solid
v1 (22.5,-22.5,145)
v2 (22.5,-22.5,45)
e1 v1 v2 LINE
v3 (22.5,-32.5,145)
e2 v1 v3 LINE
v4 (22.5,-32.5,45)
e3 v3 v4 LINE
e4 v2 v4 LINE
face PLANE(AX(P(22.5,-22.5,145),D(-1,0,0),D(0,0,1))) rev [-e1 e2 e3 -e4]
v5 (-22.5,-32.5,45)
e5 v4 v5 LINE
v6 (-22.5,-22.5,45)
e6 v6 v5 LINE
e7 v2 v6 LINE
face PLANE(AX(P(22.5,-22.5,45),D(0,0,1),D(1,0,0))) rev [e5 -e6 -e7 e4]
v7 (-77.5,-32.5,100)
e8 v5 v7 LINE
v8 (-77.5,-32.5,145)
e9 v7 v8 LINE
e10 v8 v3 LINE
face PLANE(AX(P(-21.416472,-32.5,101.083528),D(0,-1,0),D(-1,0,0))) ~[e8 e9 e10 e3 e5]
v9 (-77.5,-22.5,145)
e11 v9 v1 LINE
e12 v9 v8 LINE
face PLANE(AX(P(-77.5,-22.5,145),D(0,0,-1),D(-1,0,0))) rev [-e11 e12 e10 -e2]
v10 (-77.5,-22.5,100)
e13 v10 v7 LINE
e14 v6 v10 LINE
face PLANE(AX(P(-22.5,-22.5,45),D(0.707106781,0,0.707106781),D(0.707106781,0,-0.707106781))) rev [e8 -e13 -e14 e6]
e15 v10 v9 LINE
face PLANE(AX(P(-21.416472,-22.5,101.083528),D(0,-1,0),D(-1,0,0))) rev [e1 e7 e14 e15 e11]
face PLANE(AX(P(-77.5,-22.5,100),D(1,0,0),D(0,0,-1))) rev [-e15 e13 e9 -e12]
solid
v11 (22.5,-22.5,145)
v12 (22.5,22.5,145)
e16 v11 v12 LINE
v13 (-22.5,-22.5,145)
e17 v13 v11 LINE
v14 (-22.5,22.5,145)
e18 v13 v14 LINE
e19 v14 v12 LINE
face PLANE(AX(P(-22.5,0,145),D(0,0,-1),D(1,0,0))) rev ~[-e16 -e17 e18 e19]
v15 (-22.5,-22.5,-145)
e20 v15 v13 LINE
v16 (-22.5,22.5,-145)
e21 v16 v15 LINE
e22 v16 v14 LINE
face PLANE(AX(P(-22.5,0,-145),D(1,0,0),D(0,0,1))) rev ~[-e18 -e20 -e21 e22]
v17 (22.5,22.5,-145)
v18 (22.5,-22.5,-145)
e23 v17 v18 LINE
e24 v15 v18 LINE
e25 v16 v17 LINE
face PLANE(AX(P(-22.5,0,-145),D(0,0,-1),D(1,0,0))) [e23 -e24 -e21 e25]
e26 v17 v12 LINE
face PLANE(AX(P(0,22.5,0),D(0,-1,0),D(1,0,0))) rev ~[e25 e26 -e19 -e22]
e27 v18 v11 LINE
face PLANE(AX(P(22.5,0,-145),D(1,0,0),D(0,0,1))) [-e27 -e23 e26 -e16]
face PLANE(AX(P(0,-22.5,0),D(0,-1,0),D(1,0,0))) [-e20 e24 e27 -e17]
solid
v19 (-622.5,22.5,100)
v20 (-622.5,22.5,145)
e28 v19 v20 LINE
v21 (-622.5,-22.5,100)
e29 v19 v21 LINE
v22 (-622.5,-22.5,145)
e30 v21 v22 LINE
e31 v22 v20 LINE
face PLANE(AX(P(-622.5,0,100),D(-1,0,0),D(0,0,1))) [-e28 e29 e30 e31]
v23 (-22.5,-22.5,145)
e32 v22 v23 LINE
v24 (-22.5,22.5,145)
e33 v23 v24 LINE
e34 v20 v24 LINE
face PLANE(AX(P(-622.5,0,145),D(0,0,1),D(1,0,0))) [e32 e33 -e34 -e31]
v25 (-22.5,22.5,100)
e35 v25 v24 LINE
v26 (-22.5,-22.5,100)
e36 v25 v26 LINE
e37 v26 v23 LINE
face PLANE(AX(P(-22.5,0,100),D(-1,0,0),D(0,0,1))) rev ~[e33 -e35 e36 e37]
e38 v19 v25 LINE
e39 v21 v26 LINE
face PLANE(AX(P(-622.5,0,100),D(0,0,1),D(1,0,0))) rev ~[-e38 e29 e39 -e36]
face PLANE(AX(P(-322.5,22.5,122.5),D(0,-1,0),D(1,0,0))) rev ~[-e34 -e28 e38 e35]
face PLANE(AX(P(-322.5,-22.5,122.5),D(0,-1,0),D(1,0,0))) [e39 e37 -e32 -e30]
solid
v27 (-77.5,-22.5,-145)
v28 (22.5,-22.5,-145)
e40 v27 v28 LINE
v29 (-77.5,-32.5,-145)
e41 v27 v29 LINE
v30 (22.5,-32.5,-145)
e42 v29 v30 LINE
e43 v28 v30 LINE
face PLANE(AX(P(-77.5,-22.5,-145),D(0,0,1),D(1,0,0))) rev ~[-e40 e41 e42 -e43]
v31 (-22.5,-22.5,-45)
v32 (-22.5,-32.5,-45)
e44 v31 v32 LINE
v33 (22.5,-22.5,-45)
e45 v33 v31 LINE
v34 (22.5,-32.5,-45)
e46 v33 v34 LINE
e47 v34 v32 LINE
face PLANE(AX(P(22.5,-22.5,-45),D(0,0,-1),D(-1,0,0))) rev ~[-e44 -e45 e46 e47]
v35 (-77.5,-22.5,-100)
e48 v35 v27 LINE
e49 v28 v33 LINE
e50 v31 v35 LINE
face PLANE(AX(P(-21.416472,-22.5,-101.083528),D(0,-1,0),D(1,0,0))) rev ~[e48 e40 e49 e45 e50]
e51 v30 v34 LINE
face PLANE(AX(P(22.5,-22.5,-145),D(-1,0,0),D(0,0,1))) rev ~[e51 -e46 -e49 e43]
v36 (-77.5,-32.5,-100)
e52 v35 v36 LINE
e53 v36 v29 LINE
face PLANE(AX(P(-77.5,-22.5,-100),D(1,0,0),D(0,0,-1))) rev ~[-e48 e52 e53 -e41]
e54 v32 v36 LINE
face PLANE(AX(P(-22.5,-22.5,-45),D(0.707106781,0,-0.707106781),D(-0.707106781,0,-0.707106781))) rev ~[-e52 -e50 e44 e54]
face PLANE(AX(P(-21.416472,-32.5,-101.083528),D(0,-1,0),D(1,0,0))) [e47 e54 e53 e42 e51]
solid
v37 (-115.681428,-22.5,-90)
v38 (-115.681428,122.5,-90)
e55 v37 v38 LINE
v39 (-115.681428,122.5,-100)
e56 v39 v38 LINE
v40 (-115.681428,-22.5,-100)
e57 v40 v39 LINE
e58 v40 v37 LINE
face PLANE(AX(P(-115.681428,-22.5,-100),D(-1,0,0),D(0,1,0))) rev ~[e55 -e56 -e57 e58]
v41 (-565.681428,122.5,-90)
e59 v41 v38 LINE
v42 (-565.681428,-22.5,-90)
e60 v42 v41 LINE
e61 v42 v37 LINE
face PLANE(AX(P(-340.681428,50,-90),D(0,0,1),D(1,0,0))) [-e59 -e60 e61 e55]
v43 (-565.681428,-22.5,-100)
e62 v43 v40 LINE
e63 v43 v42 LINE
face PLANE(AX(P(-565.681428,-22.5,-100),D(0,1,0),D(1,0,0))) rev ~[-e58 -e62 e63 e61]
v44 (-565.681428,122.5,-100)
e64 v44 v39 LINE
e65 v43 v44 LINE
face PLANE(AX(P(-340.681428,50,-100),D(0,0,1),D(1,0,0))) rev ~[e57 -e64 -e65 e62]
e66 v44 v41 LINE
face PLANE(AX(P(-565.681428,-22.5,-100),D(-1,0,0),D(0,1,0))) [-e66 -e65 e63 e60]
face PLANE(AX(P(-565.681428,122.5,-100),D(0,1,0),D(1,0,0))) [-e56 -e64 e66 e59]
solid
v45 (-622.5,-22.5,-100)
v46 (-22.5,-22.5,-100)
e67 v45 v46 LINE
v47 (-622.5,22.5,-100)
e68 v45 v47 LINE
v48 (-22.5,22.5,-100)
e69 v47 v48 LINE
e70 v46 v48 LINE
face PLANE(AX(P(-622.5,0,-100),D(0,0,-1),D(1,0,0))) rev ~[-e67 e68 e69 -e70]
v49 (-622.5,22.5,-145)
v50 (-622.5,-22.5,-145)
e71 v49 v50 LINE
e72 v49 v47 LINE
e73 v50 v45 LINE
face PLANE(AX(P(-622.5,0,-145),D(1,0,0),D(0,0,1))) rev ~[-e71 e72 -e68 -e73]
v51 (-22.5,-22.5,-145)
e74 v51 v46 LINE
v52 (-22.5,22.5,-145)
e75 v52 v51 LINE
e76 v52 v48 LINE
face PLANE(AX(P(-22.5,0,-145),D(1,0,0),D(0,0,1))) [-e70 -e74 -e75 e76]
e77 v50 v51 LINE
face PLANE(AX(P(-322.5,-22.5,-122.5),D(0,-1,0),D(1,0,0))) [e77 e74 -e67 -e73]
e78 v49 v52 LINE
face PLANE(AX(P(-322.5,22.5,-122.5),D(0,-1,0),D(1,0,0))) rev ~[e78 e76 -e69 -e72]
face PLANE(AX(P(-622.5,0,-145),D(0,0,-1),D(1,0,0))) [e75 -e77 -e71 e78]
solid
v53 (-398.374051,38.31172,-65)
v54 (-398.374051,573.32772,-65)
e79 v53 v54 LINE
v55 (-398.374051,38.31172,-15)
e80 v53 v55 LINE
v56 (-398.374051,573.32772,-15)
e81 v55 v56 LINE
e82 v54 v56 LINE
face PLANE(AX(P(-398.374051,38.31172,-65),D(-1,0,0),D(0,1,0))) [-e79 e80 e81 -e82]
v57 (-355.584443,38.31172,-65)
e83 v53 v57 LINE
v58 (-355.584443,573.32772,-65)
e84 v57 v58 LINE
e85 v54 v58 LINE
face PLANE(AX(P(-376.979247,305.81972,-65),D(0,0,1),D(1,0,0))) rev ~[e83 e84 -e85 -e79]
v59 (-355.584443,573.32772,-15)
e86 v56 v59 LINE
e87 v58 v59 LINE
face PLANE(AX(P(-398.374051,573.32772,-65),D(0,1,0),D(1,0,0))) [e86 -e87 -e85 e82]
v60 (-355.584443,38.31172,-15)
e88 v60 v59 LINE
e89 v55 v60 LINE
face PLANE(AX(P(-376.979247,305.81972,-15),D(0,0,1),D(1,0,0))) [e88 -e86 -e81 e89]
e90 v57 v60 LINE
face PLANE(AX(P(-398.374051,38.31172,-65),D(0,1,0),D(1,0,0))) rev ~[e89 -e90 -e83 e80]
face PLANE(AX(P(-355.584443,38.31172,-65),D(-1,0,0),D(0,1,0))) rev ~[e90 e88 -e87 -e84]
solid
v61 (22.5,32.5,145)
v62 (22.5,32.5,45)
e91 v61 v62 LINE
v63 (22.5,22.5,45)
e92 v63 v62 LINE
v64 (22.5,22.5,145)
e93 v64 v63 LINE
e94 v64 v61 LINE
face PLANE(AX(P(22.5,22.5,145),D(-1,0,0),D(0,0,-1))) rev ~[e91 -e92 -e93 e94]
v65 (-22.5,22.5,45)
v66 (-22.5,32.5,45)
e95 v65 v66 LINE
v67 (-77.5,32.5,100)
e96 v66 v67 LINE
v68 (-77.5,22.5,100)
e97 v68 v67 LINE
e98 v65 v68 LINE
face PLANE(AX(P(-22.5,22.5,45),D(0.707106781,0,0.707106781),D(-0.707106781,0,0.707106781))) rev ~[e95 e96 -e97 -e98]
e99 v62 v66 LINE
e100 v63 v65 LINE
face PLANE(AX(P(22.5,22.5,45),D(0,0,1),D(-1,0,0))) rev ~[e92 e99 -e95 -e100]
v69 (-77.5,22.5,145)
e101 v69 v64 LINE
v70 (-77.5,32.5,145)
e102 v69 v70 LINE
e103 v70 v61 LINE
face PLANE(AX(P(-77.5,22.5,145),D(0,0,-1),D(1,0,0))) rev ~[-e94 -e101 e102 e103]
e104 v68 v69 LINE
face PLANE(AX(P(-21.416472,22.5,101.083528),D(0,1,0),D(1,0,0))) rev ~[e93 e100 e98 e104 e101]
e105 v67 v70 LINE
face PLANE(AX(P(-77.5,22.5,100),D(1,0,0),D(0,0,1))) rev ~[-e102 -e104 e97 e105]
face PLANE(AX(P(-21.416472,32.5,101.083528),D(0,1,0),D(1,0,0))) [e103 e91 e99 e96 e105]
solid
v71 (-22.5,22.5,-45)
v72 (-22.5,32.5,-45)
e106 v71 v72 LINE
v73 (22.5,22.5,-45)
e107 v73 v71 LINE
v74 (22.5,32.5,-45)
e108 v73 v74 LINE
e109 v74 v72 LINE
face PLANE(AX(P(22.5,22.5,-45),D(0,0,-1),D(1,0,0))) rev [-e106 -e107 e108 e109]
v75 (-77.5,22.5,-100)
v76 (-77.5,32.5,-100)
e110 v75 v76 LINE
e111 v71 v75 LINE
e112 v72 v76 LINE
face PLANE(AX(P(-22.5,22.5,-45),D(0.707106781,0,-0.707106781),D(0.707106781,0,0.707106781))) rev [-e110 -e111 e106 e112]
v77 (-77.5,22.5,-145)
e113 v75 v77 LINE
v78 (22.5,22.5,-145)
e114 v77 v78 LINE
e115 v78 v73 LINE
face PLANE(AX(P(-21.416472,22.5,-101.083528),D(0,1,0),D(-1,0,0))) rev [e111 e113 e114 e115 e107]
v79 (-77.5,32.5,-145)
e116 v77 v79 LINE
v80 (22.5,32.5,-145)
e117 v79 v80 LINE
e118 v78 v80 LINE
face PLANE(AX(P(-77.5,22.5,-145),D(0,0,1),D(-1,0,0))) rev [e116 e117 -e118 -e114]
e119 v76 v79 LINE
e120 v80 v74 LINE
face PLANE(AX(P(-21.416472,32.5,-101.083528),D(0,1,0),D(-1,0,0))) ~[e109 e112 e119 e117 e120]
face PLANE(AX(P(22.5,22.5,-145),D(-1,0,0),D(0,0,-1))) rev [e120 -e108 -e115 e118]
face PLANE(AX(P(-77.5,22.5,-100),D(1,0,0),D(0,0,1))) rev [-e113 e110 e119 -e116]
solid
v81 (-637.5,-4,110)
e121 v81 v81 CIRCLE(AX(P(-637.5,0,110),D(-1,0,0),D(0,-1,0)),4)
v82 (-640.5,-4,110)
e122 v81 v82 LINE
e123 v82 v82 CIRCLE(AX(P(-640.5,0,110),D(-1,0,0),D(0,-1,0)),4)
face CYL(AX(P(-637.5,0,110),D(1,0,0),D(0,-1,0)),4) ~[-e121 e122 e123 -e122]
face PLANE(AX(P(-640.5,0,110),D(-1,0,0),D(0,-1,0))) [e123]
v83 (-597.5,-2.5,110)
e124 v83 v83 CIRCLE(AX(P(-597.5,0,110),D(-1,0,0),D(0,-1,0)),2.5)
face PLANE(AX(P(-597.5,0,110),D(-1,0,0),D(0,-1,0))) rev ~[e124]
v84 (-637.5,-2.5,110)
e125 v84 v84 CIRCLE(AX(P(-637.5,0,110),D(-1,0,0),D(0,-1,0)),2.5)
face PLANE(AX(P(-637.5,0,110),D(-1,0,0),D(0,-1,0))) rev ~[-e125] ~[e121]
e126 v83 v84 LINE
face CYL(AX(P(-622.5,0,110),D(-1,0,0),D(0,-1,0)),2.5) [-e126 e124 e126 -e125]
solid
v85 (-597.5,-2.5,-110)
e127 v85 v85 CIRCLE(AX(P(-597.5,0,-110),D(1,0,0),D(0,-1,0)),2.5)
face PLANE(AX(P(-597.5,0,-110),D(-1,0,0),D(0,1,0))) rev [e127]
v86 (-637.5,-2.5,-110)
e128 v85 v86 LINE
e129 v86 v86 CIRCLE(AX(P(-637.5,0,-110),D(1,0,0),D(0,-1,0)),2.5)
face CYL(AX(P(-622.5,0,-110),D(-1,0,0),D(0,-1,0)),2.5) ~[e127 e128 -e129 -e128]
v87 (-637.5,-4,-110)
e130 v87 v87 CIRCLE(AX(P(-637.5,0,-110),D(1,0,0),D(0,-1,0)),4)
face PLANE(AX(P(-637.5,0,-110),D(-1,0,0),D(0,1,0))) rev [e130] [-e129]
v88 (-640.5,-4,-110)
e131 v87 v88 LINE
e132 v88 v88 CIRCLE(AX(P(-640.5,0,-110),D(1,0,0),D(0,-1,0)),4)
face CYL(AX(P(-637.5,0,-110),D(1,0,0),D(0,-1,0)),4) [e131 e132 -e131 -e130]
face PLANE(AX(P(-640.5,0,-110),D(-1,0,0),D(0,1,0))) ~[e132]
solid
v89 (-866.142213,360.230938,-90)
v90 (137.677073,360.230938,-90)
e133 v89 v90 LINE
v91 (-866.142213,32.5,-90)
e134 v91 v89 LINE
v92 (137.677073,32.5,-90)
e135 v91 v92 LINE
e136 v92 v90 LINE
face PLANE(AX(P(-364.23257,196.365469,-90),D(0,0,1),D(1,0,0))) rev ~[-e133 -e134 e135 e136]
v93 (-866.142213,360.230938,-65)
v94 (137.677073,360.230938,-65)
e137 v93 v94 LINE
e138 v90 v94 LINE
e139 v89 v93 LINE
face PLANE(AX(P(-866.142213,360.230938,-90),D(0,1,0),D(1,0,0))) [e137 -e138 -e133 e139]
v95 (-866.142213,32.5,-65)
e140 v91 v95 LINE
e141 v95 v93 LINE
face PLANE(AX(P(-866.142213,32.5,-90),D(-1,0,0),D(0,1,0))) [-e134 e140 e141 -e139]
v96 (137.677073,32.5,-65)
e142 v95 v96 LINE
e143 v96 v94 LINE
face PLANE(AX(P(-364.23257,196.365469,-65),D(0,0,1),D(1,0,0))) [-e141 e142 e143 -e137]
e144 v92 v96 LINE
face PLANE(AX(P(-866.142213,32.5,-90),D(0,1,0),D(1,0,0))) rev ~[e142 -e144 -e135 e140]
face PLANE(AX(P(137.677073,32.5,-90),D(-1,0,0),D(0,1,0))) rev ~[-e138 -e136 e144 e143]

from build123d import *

# Parameters (mm, degrees)
F0_W          = 45
F0_H          = 290
F1_DEPTH      = 22.5
F2_W          = 600
F2_H          = 45
F3_DEPTH      = 22.5
F5_DEPTH      = 10
F8_R          = 2.5
F9_DEPTH      = 15
F9_DEPTH_BACK = 25
F10_R         = 4
F11_DEPTH     = 3
F13_W         = 450
F13_H         = 145
F14_DEPTH     = 10
F15_W         = 1003.819286
F15_H         = 327.730939
F16_DEPTH     = 25
F17_W         = 42.789608
F17_H         = 535.016
F18_DEPTH     = 50


with BuildPart() as f1:
    # F0 (on Front) → F1 (new body, symmetric)
    with BuildSketch(Plane.XZ):
        Rectangle(F0_W, F0_H)
    extrude(amount=F1_DEPTH, both=True)


with BuildPart() as f3:
    # F2 (on Front) → F3 (new body, symmetric)
    with BuildSketch(Plane.XZ):
        with Locations((-322.5, 122.5)):
            Rectangle(F2_W, F2_H)
        with Locations((-322.5, -122.5)):
            Rectangle(F2_W, F2_H)
    extrude(amount=F3_DEPTH, both=True)


with BuildPart() as f5:
    # F4 (on face) → F5 (new body)
    with BuildSketch(Plane.XZ.offset(22.5)):
        Polygon((-77.5, -145), (22.5, -145), (22.5, -45), (-22.5, -45), (-77.5, -100), align=None)
    extrude(amount=F5_DEPTH)


with BuildPart() as f6_1:
    # F6: instance of F5
    add(f5.part.mirror(Plane.XZ))


with BuildPart() as f7_1:
    # F7: instance of F5
    add(f5.part.mirror(Plane.XY))


with BuildPart() as f7_2:
    # F7: instance of F6_1
    add(f6_1.part.mirror(Plane.XY))


with BuildPart() as f9:
    # F8 (on face) → F9 (new body, two sides)
    with BuildSketch(Plane(origin=(-622.5, 0, 0), x_dir=(0, -1, 0), z_dir=(-1, 0, 0))) as f9_sk:
        with Locations((0, 110)):
            Circle(F8_R)
    extrude(amount=F9_DEPTH)
    extrude(f9_sk.sketch, amount=-F9_DEPTH_BACK)

    # F10 (on face) → F11 (join)
    with BuildSketch(Plane(origin=(-637.5, 0, 0), x_dir=(0, -1, 0), z_dir=(-1, 0, 0))):
        with Locations((0, 110)):
            Circle(F10_R)
    extrude(amount=F11_DEPTH)


with BuildPart() as f12_1:
    # F12: instance of F9
    add(f9.part.mirror(Plane.XY))


with BuildPart() as f14:
    # F13 (on face) → F14 (new body)
    with BuildSketch(Plane.XY.offset(-100)):
        with Locations((-340.681428, 50)):
            Rectangle(F13_W, F13_H)
    extrude(amount=F14_DEPTH)


with BuildPart() as f16:
    # F15 (on face) → F16 (new body)
    with BuildSketch(Plane.XY.offset(-90)):
        with Locations((-364.23257, 196.365469)):
            Rectangle(F15_W, F15_H)
    extrude(amount=F16_DEPTH)


with BuildPart() as f18:
    # F17 (on face) → F18 (new body)
    with BuildSketch(Plane.XY.offset(-65)):
        with Locations((-376.979247, 305.81972)):
            Rectangle(F17_W, F17_H)
    extrude(amount=F18_DEPTH)


solid = Compound([f1.part, f3.part, f5.part, f6_1.part, f7_1.part, f7_2.part, f9.part, f12_1.part, f14.part, f16.part, f18.part])
